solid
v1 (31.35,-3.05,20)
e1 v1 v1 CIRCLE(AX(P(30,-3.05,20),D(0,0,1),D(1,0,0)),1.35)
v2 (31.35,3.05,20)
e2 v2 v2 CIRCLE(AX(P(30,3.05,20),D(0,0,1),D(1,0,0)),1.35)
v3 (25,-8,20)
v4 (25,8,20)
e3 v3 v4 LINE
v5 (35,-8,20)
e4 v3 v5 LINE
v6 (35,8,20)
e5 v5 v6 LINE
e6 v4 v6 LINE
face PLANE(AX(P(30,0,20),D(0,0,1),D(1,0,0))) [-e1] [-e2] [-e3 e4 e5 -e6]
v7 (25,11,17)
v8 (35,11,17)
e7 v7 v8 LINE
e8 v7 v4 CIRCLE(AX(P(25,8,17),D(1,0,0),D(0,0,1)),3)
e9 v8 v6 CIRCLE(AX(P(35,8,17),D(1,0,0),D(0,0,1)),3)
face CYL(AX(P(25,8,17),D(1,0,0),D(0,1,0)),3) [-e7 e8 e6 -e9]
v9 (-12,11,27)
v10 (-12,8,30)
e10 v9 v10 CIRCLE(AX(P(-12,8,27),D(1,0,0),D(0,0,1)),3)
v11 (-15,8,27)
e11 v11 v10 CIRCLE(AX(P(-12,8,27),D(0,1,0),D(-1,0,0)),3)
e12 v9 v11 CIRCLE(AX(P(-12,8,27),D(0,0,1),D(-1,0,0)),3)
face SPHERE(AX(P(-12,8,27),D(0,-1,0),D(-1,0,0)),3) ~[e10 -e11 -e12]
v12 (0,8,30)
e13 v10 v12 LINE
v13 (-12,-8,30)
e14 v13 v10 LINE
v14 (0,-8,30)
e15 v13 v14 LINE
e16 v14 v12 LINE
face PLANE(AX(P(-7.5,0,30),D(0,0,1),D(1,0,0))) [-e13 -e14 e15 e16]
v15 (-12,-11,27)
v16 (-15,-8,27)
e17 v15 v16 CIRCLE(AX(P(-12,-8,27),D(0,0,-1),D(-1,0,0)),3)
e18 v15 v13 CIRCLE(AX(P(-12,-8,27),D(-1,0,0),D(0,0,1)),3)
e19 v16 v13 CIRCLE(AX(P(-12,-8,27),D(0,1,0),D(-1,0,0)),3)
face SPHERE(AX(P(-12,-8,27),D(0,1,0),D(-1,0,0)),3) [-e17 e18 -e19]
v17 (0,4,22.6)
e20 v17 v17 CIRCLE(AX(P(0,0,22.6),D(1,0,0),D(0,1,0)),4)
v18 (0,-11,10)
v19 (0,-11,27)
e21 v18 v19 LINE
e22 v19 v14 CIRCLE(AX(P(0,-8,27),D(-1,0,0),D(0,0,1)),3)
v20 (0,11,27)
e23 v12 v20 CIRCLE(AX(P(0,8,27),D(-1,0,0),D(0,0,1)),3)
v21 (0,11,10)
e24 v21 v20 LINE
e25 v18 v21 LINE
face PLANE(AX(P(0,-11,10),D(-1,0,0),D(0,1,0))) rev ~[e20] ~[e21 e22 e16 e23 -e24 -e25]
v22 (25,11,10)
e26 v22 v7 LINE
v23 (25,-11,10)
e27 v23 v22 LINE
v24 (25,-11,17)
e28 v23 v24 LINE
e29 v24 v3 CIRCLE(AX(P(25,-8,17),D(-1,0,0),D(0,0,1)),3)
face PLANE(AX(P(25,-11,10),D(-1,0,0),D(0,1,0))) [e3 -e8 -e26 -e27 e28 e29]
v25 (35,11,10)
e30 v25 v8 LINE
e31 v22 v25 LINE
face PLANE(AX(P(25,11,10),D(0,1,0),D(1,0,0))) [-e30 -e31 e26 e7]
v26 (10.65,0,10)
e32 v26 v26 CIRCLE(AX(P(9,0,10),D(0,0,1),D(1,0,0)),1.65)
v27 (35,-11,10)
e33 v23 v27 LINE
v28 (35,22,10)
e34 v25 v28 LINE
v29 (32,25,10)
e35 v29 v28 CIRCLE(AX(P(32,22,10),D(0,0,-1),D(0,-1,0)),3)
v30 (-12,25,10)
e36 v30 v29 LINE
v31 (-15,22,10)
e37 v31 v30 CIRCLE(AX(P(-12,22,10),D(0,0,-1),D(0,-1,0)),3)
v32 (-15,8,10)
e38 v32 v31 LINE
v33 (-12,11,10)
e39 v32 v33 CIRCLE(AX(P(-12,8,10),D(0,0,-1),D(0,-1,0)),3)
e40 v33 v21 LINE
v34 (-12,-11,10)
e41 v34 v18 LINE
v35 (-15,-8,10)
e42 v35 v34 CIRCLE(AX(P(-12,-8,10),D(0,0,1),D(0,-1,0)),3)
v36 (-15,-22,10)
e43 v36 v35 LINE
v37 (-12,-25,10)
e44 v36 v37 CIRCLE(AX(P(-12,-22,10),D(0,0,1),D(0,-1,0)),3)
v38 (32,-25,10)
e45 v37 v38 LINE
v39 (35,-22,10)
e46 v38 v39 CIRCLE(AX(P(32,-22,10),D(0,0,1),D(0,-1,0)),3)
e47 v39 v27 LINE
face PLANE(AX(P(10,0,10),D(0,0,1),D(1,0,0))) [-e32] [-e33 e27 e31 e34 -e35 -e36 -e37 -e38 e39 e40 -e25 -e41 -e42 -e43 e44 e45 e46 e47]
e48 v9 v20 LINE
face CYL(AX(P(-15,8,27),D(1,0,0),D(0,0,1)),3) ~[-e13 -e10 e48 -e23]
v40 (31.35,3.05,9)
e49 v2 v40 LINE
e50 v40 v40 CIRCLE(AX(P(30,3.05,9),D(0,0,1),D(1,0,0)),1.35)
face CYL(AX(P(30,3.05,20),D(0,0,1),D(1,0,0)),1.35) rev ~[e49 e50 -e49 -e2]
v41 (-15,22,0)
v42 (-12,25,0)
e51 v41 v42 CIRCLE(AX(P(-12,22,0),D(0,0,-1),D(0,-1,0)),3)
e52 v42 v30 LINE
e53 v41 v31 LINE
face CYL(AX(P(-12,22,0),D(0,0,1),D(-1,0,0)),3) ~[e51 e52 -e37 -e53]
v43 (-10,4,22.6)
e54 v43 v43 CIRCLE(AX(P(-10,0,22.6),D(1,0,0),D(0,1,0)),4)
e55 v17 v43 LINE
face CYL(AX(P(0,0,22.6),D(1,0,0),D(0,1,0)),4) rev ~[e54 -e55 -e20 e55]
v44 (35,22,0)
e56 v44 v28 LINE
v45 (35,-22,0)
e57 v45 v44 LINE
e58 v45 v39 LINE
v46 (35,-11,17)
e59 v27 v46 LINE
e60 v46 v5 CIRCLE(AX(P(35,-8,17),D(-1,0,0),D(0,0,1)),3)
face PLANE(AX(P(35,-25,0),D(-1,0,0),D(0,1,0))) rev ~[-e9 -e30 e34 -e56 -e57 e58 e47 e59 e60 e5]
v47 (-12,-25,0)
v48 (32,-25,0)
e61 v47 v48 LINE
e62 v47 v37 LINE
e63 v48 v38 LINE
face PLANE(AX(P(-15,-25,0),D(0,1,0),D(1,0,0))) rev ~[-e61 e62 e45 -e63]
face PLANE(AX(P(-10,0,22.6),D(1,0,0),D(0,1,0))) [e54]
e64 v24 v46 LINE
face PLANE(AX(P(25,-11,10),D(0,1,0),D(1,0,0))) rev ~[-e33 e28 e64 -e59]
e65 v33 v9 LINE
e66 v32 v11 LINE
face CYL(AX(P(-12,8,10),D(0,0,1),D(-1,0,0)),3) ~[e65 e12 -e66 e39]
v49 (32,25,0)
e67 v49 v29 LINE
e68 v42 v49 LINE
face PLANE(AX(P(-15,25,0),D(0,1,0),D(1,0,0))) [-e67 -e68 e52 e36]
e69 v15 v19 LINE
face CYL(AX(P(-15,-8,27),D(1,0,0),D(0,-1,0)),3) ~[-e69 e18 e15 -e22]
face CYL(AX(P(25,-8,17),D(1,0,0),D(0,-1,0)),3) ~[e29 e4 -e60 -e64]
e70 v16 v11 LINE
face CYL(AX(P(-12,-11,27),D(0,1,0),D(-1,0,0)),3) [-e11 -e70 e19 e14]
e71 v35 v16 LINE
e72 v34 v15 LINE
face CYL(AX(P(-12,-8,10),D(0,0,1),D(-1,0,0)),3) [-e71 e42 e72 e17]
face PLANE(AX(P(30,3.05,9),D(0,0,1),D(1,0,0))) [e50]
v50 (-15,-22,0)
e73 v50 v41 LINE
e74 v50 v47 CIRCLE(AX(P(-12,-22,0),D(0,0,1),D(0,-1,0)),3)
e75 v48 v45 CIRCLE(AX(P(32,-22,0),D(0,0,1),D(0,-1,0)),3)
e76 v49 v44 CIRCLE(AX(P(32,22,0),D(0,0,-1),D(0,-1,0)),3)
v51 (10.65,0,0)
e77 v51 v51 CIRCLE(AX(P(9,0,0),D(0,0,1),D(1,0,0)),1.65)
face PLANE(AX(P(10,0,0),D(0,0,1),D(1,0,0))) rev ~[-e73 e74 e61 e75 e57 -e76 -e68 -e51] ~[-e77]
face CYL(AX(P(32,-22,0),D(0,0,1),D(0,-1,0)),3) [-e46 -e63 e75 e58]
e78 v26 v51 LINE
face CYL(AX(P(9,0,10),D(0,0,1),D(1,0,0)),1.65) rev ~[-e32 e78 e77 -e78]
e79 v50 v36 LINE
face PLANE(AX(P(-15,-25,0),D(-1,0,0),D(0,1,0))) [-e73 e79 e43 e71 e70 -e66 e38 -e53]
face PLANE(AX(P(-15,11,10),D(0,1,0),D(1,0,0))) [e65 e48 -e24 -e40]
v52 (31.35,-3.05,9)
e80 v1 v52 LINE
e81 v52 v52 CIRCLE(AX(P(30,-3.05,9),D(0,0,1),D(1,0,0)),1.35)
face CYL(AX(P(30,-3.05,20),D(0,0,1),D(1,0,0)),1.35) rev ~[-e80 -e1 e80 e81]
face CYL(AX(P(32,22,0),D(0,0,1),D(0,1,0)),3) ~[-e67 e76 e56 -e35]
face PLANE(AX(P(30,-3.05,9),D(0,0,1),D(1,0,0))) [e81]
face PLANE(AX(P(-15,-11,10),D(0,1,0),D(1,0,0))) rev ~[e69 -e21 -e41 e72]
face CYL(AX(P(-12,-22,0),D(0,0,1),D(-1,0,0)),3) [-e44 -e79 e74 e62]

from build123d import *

# Parameters (mm, degrees)
F0_W      = 50
F0_H      = 50
F1_DEPTH  = 10
F2_W      = 15
F2_H      = 22
F3_DEPTH  = 20
F4_R      = 4
F5_DEPTH  = 10
F6_R      = 1.65
F7_DEPTH  = 10.001
F8_W      = 10
F8_H      = 22
F9_DEPTH  = 10
F10_R     = 1.35
F11_DEPTH = 11
F12_R     = 3


with BuildPart() as f1:
    # F0 (on Top) → F1 (new body)
    with BuildSketch(Plane.XY):
        with Locations((10, 0)):
            Rectangle(F0_W, F0_H)
    extrude(amount=F1_DEPTH)

    # F2 (on face) → F3 (join)
    with BuildSketch(Plane.XY.offset(10)):
        with Locations((-7.5, 0)):
            Rectangle(F2_W, F2_H)
    extrude(amount=F3_DEPTH)

    # F4 (on face) → F5 (cut)
    with BuildSketch(Plane.YZ):
        with Locations((0, 22.6)):
            Circle(F4_R)
    extrude(amount=-F5_DEPTH, mode=Mode.SUBTRACT)

    # F6 (on face) → F7 (cut, through all)
    with BuildSketch(Plane.XY.offset(10)):
        with Locations((9, 0)):
            Circle(F6_R)
    extrude(amount=-F7_DEPTH, mode=Mode.SUBTRACT)

    # F8 (on face) → F9 (join)
    with BuildSketch(Plane.XY.offset(10)):
        with Locations((30, 0)):
            Rectangle(F8_W, F8_H)
    extrude(amount=F9_DEPTH)

    # F10 (on face) → F11 (cut)
    with BuildSketch(Plane.XY.offset(20)):
        with Locations((30, 3.05)):
            Circle(F10_R)
        with Locations((30, -3.05)):
            Circle(F10_R)
    extrude(amount=-F11_DEPTH, mode=Mode.SUBTRACT)

    # F12
    f12_edges = [f1.edges().sort_by_distance(p)[0] for p in [
        (-15, 0, 30),
        (-15, -25, 5),
        (35, -25, 5),
        (35, 25, 5),
        (-15, 25, 5),
        (-15, 11, 20),
        (-15, -11, 20),
        (-7.5, 11, 30),
        (-7.5, -11, 30),
        (30, 11, 20),
        (30, -11, 20),
    ]]
    fillet(f12_edges, radius=F12_R)


solid = f1.part
